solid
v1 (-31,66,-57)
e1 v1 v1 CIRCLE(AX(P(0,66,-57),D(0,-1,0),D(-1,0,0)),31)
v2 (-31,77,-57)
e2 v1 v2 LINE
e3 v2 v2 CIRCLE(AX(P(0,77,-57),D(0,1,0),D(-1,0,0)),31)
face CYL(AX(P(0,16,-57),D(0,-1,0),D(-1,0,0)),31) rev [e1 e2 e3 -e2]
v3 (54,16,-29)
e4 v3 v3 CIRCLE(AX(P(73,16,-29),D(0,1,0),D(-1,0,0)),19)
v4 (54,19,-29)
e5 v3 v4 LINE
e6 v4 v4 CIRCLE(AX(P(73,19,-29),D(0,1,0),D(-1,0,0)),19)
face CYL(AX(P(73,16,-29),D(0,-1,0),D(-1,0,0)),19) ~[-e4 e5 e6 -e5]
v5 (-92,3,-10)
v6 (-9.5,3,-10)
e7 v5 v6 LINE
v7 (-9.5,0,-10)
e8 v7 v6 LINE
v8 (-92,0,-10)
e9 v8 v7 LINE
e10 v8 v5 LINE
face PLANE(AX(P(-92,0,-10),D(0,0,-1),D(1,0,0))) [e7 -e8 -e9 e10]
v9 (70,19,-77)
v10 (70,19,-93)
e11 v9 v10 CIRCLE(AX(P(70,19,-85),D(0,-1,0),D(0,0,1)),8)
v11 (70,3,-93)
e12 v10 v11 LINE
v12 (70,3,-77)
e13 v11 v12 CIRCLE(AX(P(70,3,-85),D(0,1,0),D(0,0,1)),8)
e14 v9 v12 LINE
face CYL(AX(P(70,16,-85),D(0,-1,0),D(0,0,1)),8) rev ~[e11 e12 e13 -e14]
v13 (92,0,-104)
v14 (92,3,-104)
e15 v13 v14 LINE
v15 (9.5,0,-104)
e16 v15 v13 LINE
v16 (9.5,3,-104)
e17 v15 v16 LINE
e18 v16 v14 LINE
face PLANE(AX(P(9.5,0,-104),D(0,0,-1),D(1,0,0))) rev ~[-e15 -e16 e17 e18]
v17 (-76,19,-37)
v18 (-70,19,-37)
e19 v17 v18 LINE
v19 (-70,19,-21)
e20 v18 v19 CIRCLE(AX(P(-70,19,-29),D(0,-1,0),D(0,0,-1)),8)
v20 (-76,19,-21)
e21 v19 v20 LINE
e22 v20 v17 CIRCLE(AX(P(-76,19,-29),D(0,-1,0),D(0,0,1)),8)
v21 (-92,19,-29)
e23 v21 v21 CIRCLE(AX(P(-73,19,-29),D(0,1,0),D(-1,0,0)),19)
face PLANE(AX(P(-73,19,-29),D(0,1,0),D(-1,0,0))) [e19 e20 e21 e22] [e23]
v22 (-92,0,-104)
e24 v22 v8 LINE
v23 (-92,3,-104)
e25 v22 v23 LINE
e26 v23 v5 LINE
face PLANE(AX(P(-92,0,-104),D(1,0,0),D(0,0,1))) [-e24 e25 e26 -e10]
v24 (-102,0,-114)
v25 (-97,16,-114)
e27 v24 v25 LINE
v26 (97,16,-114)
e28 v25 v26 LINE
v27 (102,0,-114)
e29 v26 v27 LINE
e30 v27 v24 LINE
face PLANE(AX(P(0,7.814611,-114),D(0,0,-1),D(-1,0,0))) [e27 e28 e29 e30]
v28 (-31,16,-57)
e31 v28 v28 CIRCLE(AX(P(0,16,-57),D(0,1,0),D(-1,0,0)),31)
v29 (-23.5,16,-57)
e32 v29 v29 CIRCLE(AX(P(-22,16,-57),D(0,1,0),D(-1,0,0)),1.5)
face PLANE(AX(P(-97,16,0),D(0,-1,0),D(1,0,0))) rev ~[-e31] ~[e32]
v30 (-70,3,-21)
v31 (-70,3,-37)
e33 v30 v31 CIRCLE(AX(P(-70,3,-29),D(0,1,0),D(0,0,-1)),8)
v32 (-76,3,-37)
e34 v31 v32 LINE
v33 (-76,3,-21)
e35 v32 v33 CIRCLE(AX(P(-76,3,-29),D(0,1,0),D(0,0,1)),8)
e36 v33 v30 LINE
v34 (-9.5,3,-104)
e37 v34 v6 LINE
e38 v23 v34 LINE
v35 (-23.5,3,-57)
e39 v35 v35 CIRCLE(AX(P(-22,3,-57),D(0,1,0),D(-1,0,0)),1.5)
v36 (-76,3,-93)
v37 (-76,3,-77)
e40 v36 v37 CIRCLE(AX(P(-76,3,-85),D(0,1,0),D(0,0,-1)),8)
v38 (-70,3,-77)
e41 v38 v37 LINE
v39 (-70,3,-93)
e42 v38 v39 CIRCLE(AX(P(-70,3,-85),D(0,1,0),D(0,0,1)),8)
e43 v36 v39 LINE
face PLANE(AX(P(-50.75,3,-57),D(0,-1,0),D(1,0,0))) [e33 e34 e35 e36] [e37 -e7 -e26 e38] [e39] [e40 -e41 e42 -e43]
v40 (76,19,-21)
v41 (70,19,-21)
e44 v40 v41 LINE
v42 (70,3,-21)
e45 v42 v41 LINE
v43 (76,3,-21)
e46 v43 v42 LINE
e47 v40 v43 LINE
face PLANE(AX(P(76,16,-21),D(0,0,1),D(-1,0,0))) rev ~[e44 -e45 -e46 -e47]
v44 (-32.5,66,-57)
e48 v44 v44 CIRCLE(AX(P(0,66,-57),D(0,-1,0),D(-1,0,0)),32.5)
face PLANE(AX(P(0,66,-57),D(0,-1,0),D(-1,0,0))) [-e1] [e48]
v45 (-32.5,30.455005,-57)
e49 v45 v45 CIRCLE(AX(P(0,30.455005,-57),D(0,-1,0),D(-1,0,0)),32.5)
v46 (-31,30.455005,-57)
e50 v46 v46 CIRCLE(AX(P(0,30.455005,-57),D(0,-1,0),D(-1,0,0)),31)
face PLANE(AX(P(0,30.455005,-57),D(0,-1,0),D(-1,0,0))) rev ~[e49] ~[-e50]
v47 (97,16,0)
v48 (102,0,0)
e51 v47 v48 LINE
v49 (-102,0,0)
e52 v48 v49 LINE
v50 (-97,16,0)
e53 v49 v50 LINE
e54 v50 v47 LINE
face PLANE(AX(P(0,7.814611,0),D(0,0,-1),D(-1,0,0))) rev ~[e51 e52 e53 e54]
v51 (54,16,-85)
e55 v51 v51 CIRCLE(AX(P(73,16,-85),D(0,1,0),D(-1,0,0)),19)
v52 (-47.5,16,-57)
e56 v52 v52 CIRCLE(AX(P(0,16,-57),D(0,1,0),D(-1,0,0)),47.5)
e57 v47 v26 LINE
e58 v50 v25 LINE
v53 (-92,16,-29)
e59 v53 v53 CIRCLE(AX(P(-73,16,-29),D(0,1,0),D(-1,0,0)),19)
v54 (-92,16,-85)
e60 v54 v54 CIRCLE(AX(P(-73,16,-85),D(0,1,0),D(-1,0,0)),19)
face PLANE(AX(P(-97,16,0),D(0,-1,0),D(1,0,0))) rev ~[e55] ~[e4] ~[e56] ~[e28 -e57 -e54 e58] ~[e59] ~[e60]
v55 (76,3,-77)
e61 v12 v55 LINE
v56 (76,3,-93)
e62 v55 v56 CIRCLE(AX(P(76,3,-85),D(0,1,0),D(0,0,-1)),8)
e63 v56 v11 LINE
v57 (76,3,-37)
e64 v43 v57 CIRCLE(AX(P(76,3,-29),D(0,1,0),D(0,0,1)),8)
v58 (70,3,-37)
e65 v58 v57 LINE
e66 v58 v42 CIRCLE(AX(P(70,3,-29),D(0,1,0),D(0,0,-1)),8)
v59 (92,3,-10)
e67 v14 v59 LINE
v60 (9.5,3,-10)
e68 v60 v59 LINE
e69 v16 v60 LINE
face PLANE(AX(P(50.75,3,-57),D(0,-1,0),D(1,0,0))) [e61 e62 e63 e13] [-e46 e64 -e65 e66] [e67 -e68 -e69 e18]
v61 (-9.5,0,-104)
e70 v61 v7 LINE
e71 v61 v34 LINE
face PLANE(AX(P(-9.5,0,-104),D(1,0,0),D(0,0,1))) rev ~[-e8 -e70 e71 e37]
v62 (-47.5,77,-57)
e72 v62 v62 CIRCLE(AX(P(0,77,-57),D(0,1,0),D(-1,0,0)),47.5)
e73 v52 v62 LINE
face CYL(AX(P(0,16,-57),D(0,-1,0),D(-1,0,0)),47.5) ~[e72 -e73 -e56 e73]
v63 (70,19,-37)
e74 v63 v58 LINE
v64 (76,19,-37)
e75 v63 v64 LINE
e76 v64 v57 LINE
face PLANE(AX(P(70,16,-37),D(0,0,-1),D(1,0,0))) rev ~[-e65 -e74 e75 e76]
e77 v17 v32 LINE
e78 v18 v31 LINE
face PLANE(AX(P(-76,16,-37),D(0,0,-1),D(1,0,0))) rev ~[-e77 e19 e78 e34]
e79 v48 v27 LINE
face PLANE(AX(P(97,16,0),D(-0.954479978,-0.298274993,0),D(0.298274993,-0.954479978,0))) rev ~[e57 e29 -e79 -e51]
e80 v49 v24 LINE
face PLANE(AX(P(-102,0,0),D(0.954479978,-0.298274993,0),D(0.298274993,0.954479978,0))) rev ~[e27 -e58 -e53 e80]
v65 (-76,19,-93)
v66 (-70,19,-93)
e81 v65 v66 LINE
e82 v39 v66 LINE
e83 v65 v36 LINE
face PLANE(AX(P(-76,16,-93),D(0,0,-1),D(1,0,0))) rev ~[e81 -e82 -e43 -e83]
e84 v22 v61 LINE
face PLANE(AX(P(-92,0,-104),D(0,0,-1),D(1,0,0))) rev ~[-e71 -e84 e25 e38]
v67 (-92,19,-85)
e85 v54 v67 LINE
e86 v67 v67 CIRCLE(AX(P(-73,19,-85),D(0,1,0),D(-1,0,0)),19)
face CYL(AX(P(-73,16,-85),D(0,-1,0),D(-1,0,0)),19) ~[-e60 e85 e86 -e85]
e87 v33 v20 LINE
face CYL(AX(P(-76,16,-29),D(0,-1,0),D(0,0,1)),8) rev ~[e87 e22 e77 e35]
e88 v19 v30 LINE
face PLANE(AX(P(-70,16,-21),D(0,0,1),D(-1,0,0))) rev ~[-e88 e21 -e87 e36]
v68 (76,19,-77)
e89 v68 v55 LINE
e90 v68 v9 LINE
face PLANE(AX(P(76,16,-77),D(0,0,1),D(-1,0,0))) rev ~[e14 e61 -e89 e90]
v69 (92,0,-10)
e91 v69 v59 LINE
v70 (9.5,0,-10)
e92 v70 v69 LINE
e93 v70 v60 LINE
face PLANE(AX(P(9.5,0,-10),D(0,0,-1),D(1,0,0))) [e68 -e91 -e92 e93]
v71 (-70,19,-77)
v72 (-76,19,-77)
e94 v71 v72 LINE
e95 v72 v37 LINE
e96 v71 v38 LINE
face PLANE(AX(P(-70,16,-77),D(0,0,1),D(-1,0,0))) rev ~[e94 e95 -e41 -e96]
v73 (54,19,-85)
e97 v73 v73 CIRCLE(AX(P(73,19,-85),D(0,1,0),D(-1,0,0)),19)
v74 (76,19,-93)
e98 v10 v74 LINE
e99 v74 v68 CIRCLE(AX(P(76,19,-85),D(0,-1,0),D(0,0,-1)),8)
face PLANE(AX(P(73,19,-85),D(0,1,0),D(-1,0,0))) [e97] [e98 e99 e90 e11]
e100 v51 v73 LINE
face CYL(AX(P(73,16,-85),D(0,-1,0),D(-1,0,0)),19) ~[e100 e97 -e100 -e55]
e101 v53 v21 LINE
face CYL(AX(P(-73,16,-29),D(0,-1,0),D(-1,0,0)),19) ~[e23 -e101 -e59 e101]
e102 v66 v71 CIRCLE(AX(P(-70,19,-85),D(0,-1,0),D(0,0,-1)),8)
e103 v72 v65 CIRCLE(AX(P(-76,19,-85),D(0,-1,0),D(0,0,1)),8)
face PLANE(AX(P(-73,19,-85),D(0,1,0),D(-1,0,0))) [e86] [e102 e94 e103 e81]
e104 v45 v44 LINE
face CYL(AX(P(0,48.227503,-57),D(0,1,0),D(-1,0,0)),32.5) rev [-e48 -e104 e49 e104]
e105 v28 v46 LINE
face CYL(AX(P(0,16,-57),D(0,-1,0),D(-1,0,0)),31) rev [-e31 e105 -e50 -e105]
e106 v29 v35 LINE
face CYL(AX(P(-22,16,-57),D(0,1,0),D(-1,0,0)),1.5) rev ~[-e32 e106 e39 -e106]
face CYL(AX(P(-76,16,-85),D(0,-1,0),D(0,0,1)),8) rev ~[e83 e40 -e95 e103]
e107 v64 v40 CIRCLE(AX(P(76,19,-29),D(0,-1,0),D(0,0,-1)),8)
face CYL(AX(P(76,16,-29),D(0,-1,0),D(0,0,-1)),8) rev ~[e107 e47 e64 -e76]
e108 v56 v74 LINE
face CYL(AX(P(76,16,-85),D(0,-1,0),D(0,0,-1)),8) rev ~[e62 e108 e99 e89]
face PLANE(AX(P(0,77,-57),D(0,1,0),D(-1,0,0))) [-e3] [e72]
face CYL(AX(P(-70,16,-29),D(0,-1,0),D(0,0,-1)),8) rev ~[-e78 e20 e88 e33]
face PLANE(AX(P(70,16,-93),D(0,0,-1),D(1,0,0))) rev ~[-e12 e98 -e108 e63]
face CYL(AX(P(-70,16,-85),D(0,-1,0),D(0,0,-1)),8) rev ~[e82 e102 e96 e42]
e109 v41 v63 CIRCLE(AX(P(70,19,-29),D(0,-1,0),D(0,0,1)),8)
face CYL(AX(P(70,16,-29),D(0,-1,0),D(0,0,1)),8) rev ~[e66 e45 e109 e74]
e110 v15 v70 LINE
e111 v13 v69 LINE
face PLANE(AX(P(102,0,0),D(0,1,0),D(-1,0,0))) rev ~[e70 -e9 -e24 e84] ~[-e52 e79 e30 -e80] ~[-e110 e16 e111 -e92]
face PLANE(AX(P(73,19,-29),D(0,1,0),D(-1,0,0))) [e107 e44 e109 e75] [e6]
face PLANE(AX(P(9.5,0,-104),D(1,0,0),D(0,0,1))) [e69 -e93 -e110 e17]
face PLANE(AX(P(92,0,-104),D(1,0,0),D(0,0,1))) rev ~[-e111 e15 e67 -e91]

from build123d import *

# Parameters (mm, degrees)
BOSS_EXTRUDE1_DEPTH = 114
SKETCH3_W           = 82.5
SKETCH3_H           = 94
CUT_EXTRUDE1_DEPTH  = 3
CUT_EXTRUDE2_DEPTH  = 17
SKETCH5_R           = 19
BOSS_EXTRUDE2_DEPTH = 3
SKETCH6_R           = 47.5
SKETCH6_R_2         = 31
BOSS_EXTRUDE4_DEPTH = 61
SKETCH8_W           = 3
SKETCH8_H           = 35.544994967
SKETCH9_R           = 1.5
CUT_EXTRUDE3_DEPTH  = 22


with BuildPart() as part:
    # Sketch2 → Boss-Extrude1 (new body)
    with BuildSketch(Plane.XY):
        Polygon((-102, 0), (-97, 16), (97, 16), (102, 0), align=None)
    extrude(amount=-BOSS_EXTRUDE1_DEPTH)

    # Sketch3 → Cut-Extrude1 (cut)
    with BuildSketch(Plane.XZ):
        with Locations((-50.75, -57)):
            Rectangle(SKETCH3_W, SKETCH3_H)
        with Locations((50.75, -57)):
            Rectangle(SKETCH3_W, SKETCH3_H)
    extrude(amount=-CUT_EXTRUDE1_DEPTH, mode=Mode.SUBTRACT)

    # Sketch4 → Cut-Extrude2 (cut, through all)
    with BuildSketch(Plane(origin=(0, 16, 0), x_dir=(1, 0, 0), z_dir=(0, 1, 0))):
        with BuildLine():
            Line((-76, 77), (-70, 77))
            ThreePointArc((-70, 77), (-62, 85), (-70, 93))
            Line((-70, 93), (-76, 93))
            ThreePointArc((-76, 93), (-84, 85), (-76, 77))
        make_face()
        with BuildLine():
            ThreePointArc((70, 77), (62, 85), (70, 93))
            Line((70, 93), (76, 93))
            ThreePointArc((76, 93), (84, 85), (76, 77))
            Line((76, 77), (70, 77))
        make_face()
        with BuildLine():
            ThreePointArc((-70, 37), (-62, 29), (-70, 21))
            Line((-70, 21), (-76, 21))
            ThreePointArc((-76, 21), (-84, 29), (-76, 37))
            Line((-76, 37), (-70, 37))
        make_face()
        with BuildLine():
            Line((76, 37), (70, 37))
            ThreePointArc((70, 37), (62, 29), (70, 21))
            Line((70, 21), (76, 21))
            ThreePointArc((76, 21), (84, 29), (76, 37))
        make_face()
    extrude(amount=-CUT_EXTRUDE2_DEPTH, mode=Mode.SUBTRACT)

    # Sketch5 → Boss-Extrude2 (add)
    with BuildSketch(Plane(origin=(0, 16, 0), x_dir=(1, 0, 0), z_dir=(0, 1, 0))):
        with Locations(Location((-73, 85, 0), (0, 0, 180))):  # turned: the seam where the file's is
            Circle(SKETCH5_R)
        with BuildLine():
            ThreePointArc((-70, 93), (-62, 85), (-70, 77))
            Line((-70, 77), (-76, 77))
            ThreePointArc((-76, 77), (-84, 85), (-76, 93))
            Line((-76, 93), (-70, 93))
        make_face(mode=Mode.SUBTRACT)
        with Locations(Location((73, 85, 0), (0, 0, 180))):  # turned: the seam where the file's is
            Circle(SKETCH5_R)
        with BuildLine():
            ThreePointArc((76, 93), (84, 85), (76, 77))
            Line((76, 77), (70, 77))
            ThreePointArc((70, 77), (62, 85), (70, 93))
            Line((70, 93), (76, 93))
        make_face(mode=Mode.SUBTRACT)
        with Locations(Location((73, 29, 0), (0, 0, 180))):  # turned: the seam where the file's is
            Circle(SKETCH5_R)
        with BuildLine():
            ThreePointArc((70, 21), (62, 29), (70, 37))
            Line((70, 37), (76, 37))
            ThreePointArc((76, 37), (84, 29), (76, 21))
            Line((76, 21), (70, 21))
        make_face(mode=Mode.SUBTRACT)
        with Locations(Location((-73, 29, 0), (0, 0, 180))):  # turned: the seam where the file's is
            Circle(SKETCH5_R)
        with BuildLine():
            ThreePointArc((-76, 21), (-84, 29), (-76, 37))
            Line((-76, 37), (-70, 37))
            ThreePointArc((-70, 37), (-62, 29), (-70, 21))
            Line((-70, 21), (-76, 21))
        make_face(mode=Mode.SUBTRACT)
    extrude(amount=BOSS_EXTRUDE2_DEPTH)

    # Sketch6 → Boss-Extrude4 (add)
    with BuildSketch(Plane(origin=(0, 16, 0), x_dir=(1, 0, 0), z_dir=(0, 1, 0))):
        with Locations(Location((0, 57, 0), (0, 0, 180))):  # turned: the seam where the file's is
            Circle(SKETCH6_R)
        with Locations(Location((0, 57, 0), (0, 0, 180))):  # turned: the seam where the file's is
            Circle(SKETCH6_R_2, mode=Mode.SUBTRACT)
    extrude(amount=BOSS_EXTRUDE4_DEPTH)

    # Sketch8 → Cut-Revolve1 (revolve, cut)
    with BuildSketch(Plane.XY.offset(-57)):
        with Locations((-31, 48.227502517)):
            Rectangle(SKETCH8_W, SKETCH8_H)
    revolve(axis=Axis((0, 107.106199385, -57), (0, -1, 0)), mode=Mode.SUBTRACT)

    # Sketch9 → Cut-Extrude3 (cut)
    with BuildSketch(Plane(origin=(0, 16, 0), x_dir=(1, 0, 0), z_dir=(0, 1, 0))):
        with Locations(Location((-22, 57, 0), (0, 0, 180))):  # turned: the seam where the file's is
            Circle(SKETCH9_R)
    extrude(amount=-CUT_EXTRUDE3_DEPTH, mode=Mode.SUBTRACT)


solid = part.part
